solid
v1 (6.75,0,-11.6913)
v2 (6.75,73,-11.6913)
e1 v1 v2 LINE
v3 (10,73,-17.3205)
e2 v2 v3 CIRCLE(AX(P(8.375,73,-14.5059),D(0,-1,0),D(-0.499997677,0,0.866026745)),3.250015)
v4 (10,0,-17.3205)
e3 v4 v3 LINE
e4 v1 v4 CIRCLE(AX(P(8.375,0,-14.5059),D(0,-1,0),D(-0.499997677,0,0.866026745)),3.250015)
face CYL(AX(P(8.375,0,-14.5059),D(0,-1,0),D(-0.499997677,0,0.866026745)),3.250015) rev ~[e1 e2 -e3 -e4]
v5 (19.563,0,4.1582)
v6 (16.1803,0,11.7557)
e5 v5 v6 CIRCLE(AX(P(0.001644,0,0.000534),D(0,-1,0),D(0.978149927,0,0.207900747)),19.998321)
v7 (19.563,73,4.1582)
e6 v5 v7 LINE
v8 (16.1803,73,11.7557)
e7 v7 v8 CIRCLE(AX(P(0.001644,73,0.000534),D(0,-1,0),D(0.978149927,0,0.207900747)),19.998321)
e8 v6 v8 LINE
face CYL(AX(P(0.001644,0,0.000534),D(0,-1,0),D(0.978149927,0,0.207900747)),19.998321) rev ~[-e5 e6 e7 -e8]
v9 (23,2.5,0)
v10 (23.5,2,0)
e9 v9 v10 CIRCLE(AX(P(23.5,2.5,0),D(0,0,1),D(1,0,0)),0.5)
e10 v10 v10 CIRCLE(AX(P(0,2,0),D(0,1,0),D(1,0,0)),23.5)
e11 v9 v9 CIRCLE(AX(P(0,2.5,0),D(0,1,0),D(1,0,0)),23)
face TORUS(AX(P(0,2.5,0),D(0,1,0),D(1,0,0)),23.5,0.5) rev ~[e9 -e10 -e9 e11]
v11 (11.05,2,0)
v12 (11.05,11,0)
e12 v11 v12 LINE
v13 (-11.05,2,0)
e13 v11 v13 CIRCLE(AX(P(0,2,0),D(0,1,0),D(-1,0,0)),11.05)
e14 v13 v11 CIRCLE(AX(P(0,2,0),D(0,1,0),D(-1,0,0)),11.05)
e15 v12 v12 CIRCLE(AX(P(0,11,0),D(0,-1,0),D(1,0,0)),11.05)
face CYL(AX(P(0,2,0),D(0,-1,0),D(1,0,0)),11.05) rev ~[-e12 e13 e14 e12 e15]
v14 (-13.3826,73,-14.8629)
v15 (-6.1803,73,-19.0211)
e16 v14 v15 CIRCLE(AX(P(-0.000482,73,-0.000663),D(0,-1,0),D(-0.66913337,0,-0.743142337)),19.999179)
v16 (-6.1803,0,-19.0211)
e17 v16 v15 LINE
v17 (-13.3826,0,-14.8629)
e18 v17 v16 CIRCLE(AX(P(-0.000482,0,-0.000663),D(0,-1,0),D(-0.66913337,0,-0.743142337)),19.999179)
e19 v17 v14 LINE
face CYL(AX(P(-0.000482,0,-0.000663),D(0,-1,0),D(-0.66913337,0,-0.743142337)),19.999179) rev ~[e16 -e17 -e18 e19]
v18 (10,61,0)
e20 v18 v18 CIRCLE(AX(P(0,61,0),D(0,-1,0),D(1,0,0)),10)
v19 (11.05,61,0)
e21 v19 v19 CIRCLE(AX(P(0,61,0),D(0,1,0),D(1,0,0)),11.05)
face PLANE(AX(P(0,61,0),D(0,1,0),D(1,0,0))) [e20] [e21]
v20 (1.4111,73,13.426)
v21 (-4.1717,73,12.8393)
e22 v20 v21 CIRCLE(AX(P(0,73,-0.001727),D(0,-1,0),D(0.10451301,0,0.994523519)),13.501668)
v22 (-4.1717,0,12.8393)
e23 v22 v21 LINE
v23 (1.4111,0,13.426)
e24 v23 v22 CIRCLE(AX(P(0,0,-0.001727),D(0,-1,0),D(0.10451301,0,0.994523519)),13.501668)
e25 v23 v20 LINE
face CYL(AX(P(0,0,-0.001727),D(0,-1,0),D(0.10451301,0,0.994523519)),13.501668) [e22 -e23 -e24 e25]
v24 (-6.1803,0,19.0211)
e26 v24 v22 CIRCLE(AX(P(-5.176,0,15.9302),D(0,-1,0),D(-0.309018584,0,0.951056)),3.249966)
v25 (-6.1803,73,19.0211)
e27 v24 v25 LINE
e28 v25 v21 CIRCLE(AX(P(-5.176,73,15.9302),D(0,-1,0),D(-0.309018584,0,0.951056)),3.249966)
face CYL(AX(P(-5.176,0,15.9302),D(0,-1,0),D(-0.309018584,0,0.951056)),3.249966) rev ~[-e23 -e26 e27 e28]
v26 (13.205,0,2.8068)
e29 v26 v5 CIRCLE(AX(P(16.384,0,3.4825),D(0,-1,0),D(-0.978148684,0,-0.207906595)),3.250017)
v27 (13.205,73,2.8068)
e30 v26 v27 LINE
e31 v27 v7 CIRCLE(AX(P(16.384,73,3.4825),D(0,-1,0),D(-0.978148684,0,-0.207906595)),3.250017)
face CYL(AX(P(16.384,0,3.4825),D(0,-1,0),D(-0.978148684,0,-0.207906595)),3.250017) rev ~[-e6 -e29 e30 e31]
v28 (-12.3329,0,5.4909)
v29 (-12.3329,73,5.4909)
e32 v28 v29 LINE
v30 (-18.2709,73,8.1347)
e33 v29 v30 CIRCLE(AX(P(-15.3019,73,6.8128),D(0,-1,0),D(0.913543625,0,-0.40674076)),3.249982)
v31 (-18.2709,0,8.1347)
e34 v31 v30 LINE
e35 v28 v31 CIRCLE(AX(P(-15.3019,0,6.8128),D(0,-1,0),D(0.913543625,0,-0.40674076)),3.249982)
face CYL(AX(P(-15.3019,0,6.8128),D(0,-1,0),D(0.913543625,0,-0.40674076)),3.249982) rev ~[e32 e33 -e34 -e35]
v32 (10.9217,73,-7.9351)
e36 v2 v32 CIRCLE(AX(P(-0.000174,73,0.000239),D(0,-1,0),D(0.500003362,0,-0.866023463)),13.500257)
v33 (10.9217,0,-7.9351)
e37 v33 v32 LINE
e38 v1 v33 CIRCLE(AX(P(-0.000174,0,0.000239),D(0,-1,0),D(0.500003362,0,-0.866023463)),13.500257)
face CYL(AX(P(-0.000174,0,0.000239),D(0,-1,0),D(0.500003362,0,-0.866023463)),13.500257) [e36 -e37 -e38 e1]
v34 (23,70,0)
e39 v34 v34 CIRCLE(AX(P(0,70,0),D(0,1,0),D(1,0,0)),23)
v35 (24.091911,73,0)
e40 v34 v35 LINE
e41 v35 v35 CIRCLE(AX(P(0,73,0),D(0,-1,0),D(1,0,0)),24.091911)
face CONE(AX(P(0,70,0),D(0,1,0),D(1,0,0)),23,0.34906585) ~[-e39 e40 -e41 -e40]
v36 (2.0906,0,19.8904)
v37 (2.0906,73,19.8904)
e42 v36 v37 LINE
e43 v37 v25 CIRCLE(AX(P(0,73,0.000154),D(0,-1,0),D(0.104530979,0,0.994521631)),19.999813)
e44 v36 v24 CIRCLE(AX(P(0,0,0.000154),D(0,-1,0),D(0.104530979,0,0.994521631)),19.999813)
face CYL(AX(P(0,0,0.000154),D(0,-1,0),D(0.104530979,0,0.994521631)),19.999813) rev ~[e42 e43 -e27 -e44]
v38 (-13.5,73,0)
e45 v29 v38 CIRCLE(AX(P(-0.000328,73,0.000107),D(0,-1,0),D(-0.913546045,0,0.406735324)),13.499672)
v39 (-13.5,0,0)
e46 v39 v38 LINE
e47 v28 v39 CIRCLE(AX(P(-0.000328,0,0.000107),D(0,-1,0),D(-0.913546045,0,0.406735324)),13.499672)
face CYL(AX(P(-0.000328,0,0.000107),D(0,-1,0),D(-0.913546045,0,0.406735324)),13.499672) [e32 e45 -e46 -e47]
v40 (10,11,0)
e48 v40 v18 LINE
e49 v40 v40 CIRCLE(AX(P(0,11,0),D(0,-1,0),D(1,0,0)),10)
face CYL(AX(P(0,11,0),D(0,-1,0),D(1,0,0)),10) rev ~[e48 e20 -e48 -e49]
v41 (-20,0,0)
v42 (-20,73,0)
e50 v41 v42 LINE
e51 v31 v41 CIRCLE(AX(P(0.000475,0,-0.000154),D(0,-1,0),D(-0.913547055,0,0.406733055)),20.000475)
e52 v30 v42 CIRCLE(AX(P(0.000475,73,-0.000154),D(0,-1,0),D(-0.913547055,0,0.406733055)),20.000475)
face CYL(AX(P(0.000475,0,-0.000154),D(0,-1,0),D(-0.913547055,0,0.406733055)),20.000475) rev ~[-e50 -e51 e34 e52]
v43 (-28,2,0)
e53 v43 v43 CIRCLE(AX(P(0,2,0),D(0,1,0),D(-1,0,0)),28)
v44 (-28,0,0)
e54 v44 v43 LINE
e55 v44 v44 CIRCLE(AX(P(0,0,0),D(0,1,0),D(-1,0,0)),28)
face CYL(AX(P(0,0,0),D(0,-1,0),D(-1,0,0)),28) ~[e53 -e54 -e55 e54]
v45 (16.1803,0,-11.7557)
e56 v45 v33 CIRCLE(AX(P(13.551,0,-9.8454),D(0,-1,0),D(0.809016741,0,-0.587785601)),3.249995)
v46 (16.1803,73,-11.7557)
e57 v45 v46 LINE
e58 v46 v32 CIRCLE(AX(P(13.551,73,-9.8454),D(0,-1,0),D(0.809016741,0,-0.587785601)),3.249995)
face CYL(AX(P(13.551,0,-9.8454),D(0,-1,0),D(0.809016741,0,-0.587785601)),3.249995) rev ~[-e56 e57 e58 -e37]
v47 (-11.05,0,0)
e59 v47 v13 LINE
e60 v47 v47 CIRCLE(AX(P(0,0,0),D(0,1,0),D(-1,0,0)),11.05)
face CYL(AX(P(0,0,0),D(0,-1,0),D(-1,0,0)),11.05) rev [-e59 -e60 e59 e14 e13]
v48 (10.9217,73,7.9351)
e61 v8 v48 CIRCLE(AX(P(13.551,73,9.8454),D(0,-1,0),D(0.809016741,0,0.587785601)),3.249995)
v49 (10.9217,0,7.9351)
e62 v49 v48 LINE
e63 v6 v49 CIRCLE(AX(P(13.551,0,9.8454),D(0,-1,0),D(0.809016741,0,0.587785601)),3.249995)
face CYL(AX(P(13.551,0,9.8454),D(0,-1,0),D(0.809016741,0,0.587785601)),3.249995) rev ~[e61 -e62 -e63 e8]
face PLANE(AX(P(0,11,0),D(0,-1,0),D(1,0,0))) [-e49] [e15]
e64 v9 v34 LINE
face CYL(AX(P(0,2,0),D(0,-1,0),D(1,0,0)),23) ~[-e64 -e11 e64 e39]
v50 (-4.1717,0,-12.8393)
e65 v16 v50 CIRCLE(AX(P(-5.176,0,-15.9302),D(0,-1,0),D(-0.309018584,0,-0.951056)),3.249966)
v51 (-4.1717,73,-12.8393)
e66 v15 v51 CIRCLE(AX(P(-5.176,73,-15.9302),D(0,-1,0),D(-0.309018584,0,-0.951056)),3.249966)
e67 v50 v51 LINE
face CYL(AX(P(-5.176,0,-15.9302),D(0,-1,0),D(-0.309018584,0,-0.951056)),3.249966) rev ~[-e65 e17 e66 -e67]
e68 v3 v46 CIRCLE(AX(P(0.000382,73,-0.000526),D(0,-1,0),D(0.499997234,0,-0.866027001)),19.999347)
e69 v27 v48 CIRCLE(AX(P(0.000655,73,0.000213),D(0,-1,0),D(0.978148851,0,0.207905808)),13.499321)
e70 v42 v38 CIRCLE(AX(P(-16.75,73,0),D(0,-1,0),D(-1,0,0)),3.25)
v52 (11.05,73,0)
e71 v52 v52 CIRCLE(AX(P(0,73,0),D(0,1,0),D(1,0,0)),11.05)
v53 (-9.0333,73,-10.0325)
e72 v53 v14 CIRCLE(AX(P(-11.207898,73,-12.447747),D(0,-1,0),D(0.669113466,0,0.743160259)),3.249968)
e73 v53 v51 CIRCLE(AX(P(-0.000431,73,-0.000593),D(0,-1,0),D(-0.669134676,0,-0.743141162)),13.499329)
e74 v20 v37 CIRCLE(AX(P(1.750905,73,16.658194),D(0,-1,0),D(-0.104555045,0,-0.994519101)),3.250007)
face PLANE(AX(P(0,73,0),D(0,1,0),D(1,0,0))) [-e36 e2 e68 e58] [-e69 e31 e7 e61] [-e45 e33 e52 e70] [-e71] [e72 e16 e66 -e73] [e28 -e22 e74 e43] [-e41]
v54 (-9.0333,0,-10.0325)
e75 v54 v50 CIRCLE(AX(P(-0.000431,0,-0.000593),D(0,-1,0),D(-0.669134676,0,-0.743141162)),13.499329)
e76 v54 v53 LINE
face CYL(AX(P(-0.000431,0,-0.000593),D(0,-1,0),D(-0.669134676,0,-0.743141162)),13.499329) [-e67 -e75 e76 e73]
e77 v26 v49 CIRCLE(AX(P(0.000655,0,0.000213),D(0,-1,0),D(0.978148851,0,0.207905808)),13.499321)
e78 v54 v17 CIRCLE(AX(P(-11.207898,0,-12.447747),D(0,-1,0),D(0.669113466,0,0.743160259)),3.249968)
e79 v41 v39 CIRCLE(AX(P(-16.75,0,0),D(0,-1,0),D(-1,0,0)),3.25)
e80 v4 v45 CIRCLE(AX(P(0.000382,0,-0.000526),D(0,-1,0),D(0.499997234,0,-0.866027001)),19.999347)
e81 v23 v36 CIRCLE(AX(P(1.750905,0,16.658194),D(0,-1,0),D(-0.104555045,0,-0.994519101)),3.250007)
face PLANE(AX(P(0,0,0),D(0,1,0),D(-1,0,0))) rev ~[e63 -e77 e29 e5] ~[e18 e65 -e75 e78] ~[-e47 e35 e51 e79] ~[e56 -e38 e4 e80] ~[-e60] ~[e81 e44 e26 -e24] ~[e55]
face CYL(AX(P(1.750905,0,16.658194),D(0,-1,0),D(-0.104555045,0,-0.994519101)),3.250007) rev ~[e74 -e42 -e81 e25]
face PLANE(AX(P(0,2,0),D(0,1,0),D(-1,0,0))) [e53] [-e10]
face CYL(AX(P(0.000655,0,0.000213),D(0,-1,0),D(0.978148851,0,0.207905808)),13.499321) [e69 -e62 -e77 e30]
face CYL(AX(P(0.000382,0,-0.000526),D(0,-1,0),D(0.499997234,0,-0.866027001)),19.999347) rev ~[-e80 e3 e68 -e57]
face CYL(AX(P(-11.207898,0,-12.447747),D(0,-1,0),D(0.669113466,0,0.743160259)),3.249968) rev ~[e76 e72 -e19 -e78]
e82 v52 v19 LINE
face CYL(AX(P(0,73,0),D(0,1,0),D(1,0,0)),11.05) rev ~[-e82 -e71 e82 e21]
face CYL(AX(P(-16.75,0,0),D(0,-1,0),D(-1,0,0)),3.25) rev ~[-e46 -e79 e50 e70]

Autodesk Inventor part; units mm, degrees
ref_plane "YZ Plane" through (0, 0, 0) normal (1, 0, 0) x (0, 1, 0)
ref_plane "XZ Plane" through (0, 0, 0) normal (0, 1, 0) x (-1, 0, 0)
ref_plane "XY Plane" through (0, 0, 0) normal (0, 0, 1) x (1, 0, 0)
sketch "Sketch1" plane through (0, 0, 0) normal (0, 1, 0) x (-1, 0, 0)
  circle A0 centre (0, 0) radius 11.05
  circle A1 centre (0, 0) radius 28
  dimension "d0" = 22.1
  dimension "d1" = 56
extrude "Extrusion1" add sketch "Sketch1" along normal blind 2
sketch "Sketch2" plane through (0, 2, 0) normal (0, 1, 0) x (1, 0, 0)
  circle A0 centre (0, 0) radius 23
  dimension "d4" = 46
extrude "Extrusion2" add sketch "Sketch2" along normal blind 68
sketch "Sketch3" plane through (0, 70, 0) normal (0, 1, 0) x (1, 0, 0)
  circle A0 centre (0, 0) radius 23 projected
extrude "Extrusion3" add sketch "Sketch3" along normal blind 3 draft 20
sketch "Sketch4" plane through (0, 2, 0) normal (0, -1, 0) x (1, 0, 0)
  circle A0 centre (0, 0) radius 11.05 projected
extrude "Extrusion4" cut sketch "Sketch4" against normal blind 9
sketch "Sketch5" plane through (0, 11, 0) normal (0, -1, 0) x (1, 0, 0)
  circle A0 centre (0, 0) radius 10
  dimension "d11" = 20
extrude "Extrusion5" cut sketch "Sketch5" against normal up to next
sketch "Sketch6" plane through (0, 73, 0) normal (0, 1, 0) x (1, 0, 0)
  circle A0 centre (0, 0) radius 11.05
  dimension "d14" = 22.1
extrude "Extrusion6" cut sketch "Sketch6" against normal blind 12
sketch "Sketch7" plane through (0, 0, 0) normal (0, -1, 0) x (1, 0, 0)
  circle A0 centre (0, 0) radius 11.05 projected
  circle A1 centre (0, 0) radius 28 projected
  line L0 (0, 0) -> (43.5603, 0) construction
  line L1 (-10.3416, 8.6776) -> (-15.3209, 12.8558) construction
  arc A2 (-15.3019, 6.8128) -> (-16.75, 0) centre (0, 0) ccw construction
  arc A3 (-18.2709, 8.1347) -> (-20, 0) centre (0, 0) ccw
  arc A4 (-12.3329, 5.4909) -> (-13.5, 0) centre (0, 0) ccw
  arc A5 (-12.3329, 5.4909) -> (-18.2709, 8.1347) centre (-15.3019, 6.8128) ccw
  arc A6 (-20, 0) -> (-13.5, 0) centre (-16.75, 0) ccw
  arc A7 (-9.0333, -10.0325) -> (-13.3826, -14.8629) centre (-11.2079, -12.4477) ccw
  arc A8 (-6.1803, -19.0211) -> (-4.1717, -12.8393) centre (-5.176, -15.9302) ccw
  arc A9 (6.75, -11.6913) -> (10, -17.3205) centre (8.375, -14.5059) ccw
  arc A10 (16.1803, -11.7557) -> (10.9217, -7.9351) centre (13.551, -9.8454) ccw
  arc A11 (13.205, 2.8068) -> (19.563, 4.1582) centre (16.384, 3.4825) ccw
  arc A12 (16.1803, 11.7557) -> (10.9217, 7.9351) centre (13.551, 9.8454) ccw
  arc A13 (1.4111, 13.426) -> (2.0906, 19.8904) centre (1.7509, 16.6582) ccw
  arc A14 (-6.1803, 19.0211) -> (-4.1717, 12.8393) centre (-5.176, 15.9302) ccw
  arc A15 (-12.3329, 5.4909) -> (-13.5, 0) centre (0, 0) ccw
  arc A16 (-18.2709, 8.1347) -> (-20, 0) centre (0, 0) ccw
  arc A17 (-13.3826, -14.8629) -> (-6.1803, -19.0211) centre (0, 0) ccw
  arc A18 (-9.0333, -10.0325) -> (-4.1717, -12.8393) centre (0, 0) ccw
  arc A19 (10, -17.3205) -> (16.1803, -11.7557) centre (0, 0) ccw
  arc A20 (6.75, -11.6913) -> (10.9217, -7.9351) centre (0, 0) ccw
  arc A21 (13.205, 2.8068) -> (10.9217, 7.9351) centre (0, 0) ccw
  arc A22 (1.4111, 13.426) -> (-4.1717, 12.8393) centre (0, 0) ccw
  arc A23 (19.563, 4.1582) -> (16.1803, 11.7557) centre (0, 0) ccw
  arc A24 (2.0906, 19.8904) -> (-6.1803, 19.0211) centre (0, 0) ccw
  point P0 (-12.8312, 10.7667)
  point P1 (-14.2048, 8.8761)
  point P2 (-16.1011, 4.6169)
  point P3 (-16.587, 2.3311)
  dimension "d22" = 40
  dimension "d26" = 360
extrude "Extrusion7" cut sketch "Sketch7" against normal up to next contours A5 A4 A6 A3 | A18 A8 A17 A7 | A20 A10 A19 A9 | A21 A12 A23 A11 | A22 A14 A24 A13
fillet "Fillet1" radius 0.5 1 edges at (-23, 2, 0)
properties part number "spooler big"
